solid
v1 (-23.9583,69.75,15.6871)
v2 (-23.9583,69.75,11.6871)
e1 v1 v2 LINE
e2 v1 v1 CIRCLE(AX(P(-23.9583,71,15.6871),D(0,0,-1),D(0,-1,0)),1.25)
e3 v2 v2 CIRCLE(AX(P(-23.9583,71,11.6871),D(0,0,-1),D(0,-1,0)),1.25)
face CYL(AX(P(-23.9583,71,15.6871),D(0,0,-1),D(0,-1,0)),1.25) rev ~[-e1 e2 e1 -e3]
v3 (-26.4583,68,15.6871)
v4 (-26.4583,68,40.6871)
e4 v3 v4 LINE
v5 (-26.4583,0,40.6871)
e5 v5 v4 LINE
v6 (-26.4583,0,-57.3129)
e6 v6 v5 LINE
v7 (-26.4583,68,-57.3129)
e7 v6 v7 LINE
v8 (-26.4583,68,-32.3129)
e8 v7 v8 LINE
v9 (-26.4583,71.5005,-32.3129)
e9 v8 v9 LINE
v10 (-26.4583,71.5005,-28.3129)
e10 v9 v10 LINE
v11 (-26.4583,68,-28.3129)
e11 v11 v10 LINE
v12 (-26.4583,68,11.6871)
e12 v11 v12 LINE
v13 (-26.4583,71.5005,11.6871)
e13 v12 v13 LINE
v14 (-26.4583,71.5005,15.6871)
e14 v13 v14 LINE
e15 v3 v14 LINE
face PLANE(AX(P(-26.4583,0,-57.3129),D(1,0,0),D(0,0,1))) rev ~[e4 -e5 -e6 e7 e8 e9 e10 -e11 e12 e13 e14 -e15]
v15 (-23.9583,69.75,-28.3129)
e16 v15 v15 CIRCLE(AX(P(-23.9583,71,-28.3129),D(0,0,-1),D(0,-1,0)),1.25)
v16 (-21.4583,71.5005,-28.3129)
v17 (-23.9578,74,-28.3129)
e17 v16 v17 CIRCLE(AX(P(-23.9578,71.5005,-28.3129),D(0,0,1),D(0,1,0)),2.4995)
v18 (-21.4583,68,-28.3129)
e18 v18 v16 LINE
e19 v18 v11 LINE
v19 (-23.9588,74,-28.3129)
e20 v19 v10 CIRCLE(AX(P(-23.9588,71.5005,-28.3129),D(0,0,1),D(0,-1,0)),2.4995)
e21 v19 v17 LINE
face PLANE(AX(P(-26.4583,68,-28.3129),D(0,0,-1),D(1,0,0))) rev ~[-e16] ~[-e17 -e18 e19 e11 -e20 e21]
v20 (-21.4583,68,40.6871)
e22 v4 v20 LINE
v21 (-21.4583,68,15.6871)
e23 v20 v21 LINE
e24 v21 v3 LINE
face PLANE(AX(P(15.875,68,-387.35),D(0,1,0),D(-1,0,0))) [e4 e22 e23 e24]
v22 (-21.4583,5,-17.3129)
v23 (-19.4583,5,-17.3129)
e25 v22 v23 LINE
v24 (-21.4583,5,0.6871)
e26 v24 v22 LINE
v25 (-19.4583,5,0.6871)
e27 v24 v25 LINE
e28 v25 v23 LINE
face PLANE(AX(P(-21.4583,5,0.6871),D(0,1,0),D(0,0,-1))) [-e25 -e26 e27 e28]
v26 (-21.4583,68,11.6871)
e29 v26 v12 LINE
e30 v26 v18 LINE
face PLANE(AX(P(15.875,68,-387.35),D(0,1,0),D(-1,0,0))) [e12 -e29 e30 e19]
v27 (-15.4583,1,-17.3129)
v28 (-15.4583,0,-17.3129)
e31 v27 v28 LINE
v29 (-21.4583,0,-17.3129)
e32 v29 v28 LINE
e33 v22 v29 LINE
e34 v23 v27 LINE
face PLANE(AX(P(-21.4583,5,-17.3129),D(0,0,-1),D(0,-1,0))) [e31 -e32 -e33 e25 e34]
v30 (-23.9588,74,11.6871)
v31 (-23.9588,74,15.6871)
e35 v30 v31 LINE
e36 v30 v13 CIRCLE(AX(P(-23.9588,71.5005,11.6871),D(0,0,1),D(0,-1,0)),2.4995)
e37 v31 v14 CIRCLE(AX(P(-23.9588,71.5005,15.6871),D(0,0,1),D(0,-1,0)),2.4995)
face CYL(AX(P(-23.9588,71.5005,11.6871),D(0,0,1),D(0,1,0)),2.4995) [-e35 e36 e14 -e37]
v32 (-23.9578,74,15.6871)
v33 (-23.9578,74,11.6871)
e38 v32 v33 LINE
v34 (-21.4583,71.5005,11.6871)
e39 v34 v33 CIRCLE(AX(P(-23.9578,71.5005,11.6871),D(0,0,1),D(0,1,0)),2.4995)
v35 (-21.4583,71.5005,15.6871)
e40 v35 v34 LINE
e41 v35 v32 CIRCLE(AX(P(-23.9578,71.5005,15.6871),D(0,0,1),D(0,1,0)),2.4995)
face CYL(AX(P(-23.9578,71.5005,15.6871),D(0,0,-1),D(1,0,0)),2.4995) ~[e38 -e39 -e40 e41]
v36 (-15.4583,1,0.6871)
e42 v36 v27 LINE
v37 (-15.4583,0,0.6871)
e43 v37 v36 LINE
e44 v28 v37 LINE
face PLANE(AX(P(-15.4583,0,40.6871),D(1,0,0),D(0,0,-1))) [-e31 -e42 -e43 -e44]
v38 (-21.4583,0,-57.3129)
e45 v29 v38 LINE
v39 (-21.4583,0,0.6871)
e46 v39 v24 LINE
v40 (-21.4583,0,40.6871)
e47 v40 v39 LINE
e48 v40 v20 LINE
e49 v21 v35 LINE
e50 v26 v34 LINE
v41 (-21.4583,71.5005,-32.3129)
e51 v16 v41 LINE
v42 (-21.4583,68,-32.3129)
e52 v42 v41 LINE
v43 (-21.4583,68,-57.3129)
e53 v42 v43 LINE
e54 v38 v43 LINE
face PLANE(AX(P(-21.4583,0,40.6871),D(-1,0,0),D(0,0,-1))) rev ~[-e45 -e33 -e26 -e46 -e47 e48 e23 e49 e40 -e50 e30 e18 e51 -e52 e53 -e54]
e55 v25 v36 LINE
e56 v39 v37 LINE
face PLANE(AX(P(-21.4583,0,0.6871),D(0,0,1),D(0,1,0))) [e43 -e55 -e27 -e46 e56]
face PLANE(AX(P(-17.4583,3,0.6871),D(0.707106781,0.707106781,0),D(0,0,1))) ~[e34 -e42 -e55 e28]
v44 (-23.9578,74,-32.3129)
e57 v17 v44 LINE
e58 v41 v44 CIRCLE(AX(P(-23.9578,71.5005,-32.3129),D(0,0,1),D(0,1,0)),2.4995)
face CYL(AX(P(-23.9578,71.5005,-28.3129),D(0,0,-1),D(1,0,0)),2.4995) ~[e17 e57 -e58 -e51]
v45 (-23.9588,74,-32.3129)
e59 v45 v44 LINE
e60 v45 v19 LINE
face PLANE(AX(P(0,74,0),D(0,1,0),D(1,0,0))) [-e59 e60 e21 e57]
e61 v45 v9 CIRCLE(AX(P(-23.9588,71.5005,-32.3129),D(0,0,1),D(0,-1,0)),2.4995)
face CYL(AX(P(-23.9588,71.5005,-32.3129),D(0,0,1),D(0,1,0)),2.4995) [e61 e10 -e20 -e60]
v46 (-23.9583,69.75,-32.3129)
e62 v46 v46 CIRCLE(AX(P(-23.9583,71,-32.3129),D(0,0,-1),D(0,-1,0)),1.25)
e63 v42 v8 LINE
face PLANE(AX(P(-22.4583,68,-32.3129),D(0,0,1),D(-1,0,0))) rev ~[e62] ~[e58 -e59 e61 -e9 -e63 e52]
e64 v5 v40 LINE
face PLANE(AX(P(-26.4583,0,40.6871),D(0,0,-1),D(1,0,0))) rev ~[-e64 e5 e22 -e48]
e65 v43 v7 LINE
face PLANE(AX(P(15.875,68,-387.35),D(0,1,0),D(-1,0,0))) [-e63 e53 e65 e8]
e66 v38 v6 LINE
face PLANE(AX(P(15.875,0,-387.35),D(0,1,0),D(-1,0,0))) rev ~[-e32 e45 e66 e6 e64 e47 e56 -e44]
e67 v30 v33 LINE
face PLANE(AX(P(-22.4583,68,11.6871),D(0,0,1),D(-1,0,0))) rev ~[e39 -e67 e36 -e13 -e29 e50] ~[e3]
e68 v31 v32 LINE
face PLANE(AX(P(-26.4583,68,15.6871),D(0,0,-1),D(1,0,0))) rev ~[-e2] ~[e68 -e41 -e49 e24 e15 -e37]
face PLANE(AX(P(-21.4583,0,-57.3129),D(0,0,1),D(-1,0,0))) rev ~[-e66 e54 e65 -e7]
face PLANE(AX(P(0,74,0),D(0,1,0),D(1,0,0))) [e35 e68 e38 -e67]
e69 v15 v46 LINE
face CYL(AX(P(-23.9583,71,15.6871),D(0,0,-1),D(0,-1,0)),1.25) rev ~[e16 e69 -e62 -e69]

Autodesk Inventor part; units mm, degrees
ref_plane "YZ Plane" through (0, 0, 0) normal (1, 0, 0) x (0, 1, 0)
ref_plane "XZ Plane" through (0, 0, 0) normal (0, 1, 0) x (-1, 0, 0)
ref_plane "XY Plane" through (0, 0, 0) normal (0, 0, 1) x (1, 0, 0)
sketch "Sketch1" plane through (0, 0, 0) normal (0, 1, 0) x (-1, 0, 0)
  line L0 (42.3333, 428.0371) -> (37.3333, 428.0371)
  line L1 (37.3333, 428.0371) -> (37.3333, 330.0371)
  line L2 (37.3333, 330.0371) -> (42.3333, 330.0371)
  line L3 (42.3333, 330.0371) -> (42.3333, 428.0371)
  point P0 (0, 0)
  dimension "d0" = 5
  dimension "d1" = 98
extrude "Extrusion1" add sketch "Sketch1" along normal blind 68
move or copy body "Move Body1" bodies to move or copy 1 copy no translate (15.875, -14.288, -387.35)
sketch "Sketch2" plane through (0, 68, 0) normal (0, 1, 0) x (1, 0, 0)
  line L0 (-26.4583, 57.3129) -> (-26.4583, -40.6871) projected
  line L1 (-21.4583, -40.6871) -> (-21.4583, 57.3129) projected
  line L2 (-26.4583, -15.6871) -> (-21.4583, -15.6871)
  line L3 (-21.4583, -15.6871) -> (-21.4583, -11.6871)
  line L4 (-21.4583, -11.6871) -> (-26.4583, -11.6871)
  line L5 (-26.4583, -11.6871) -> (-26.4583, -15.6871)
  line L6 (-26.4583, 28.3129) -> (-21.4583, 28.3129)
  line L7 (-21.4583, 28.3129) -> (-21.4583, 32.3129)
  line L8 (-21.4583, 32.3129) -> (-26.4583, 32.3129)
  line L9 (-26.4583, 32.3129) -> (-26.4583, 28.3129)
  line L10 (-26.4583, -40.6871) -> (-21.4583, -40.6871) projected
  line L11 (-21.4583, 57.3129) -> (-26.4583, 57.3129) projected
  line L12 (-21.4583, -40.6871) -> (-22.4583, -40.6871)
  line L13 (-22.4583, -40.6871) -> (-22.4583, 57.3129)
  line L14 (-22.4583, 57.3129) -> (-21.4583, 57.3129)
  line L15 (-21.4583, 57.3129) -> (-21.4583, -40.6871)
  point P0 (0, 0)
  point P1 (-26.4583, 32.3129)
  point P2 (-26.4583, 28.3129)
  point P3 (-26.4583, -11.6871)
  dimension "d7" = 29
  dimension "d8" = 29
  dimension "d9" = 25
  dimension "d10" = 25
  dimension "d26" = 1
move or copy body "Move Body2" bodies to move or copy 1 copy no translate (0, 14.288, 0)
extrude "Extrusion2" add sketch "Sketch2" along normal blind 6 contours L8 L13 L6 L0 | L8 L1 L6 L13 | L4 L13 L2 L0 | L4 L1 L2 L13
sketch "Sketch4" plane through (-26.4583, 68, 15.6871) normal (0, 0, 1) x (1, 0, 0)
  line L0 (0, 6) -> (5, 6) projected
  line L1 (5, 0) -> (5, 6) projected
  point P0 (26.4583, -68)
  point P1 (2.5, 3)
  dimension "d17" = 3
  dimension "d18" = 2.5
hole "Hole1" at (-23.9583, 71, 15.6871) direction (0, 0, -1) diameter 2.5 end through all
sketch "Sketch5" plane through (-21.4583, 0, 40.6871) normal (1, 0, 0) x (0, 0, -1)
  line L0 (40, 5) -> (58, 5)
  line L1 (58, 5) -> (58, 0)
  line L2 (58, 0) -> (40, 0)
  line L3 (40, 0) -> (40, 5)
  line L4 (0, 0) -> (98, 0) projected
  line L5 (0, 0) -> (0, 68) projected
  line L6 (98, 0) -> (98, 68) projected
  point P0 (40.6871, 0)
  dimension "d27" = 0
  dimension "d28" = 5
  dimension "d29" = 40
  dimension "d30" = 40
extrude "Extrusion3" add sketch "Sketch5" along normal blind 6
chamfer "Chamfer1" distance 4 angle 45 1 edges at (-15.4583, 5, -8.3129)
fillet "Fillet1" radius 2.5 4 edges at (-21.4583, 74, -30.3129) (-21.4583, 74, 13.6871) (-26.4583, 74, -30.3129) (-26.4583, 74, 13.6871)
properties part number "box_door"
